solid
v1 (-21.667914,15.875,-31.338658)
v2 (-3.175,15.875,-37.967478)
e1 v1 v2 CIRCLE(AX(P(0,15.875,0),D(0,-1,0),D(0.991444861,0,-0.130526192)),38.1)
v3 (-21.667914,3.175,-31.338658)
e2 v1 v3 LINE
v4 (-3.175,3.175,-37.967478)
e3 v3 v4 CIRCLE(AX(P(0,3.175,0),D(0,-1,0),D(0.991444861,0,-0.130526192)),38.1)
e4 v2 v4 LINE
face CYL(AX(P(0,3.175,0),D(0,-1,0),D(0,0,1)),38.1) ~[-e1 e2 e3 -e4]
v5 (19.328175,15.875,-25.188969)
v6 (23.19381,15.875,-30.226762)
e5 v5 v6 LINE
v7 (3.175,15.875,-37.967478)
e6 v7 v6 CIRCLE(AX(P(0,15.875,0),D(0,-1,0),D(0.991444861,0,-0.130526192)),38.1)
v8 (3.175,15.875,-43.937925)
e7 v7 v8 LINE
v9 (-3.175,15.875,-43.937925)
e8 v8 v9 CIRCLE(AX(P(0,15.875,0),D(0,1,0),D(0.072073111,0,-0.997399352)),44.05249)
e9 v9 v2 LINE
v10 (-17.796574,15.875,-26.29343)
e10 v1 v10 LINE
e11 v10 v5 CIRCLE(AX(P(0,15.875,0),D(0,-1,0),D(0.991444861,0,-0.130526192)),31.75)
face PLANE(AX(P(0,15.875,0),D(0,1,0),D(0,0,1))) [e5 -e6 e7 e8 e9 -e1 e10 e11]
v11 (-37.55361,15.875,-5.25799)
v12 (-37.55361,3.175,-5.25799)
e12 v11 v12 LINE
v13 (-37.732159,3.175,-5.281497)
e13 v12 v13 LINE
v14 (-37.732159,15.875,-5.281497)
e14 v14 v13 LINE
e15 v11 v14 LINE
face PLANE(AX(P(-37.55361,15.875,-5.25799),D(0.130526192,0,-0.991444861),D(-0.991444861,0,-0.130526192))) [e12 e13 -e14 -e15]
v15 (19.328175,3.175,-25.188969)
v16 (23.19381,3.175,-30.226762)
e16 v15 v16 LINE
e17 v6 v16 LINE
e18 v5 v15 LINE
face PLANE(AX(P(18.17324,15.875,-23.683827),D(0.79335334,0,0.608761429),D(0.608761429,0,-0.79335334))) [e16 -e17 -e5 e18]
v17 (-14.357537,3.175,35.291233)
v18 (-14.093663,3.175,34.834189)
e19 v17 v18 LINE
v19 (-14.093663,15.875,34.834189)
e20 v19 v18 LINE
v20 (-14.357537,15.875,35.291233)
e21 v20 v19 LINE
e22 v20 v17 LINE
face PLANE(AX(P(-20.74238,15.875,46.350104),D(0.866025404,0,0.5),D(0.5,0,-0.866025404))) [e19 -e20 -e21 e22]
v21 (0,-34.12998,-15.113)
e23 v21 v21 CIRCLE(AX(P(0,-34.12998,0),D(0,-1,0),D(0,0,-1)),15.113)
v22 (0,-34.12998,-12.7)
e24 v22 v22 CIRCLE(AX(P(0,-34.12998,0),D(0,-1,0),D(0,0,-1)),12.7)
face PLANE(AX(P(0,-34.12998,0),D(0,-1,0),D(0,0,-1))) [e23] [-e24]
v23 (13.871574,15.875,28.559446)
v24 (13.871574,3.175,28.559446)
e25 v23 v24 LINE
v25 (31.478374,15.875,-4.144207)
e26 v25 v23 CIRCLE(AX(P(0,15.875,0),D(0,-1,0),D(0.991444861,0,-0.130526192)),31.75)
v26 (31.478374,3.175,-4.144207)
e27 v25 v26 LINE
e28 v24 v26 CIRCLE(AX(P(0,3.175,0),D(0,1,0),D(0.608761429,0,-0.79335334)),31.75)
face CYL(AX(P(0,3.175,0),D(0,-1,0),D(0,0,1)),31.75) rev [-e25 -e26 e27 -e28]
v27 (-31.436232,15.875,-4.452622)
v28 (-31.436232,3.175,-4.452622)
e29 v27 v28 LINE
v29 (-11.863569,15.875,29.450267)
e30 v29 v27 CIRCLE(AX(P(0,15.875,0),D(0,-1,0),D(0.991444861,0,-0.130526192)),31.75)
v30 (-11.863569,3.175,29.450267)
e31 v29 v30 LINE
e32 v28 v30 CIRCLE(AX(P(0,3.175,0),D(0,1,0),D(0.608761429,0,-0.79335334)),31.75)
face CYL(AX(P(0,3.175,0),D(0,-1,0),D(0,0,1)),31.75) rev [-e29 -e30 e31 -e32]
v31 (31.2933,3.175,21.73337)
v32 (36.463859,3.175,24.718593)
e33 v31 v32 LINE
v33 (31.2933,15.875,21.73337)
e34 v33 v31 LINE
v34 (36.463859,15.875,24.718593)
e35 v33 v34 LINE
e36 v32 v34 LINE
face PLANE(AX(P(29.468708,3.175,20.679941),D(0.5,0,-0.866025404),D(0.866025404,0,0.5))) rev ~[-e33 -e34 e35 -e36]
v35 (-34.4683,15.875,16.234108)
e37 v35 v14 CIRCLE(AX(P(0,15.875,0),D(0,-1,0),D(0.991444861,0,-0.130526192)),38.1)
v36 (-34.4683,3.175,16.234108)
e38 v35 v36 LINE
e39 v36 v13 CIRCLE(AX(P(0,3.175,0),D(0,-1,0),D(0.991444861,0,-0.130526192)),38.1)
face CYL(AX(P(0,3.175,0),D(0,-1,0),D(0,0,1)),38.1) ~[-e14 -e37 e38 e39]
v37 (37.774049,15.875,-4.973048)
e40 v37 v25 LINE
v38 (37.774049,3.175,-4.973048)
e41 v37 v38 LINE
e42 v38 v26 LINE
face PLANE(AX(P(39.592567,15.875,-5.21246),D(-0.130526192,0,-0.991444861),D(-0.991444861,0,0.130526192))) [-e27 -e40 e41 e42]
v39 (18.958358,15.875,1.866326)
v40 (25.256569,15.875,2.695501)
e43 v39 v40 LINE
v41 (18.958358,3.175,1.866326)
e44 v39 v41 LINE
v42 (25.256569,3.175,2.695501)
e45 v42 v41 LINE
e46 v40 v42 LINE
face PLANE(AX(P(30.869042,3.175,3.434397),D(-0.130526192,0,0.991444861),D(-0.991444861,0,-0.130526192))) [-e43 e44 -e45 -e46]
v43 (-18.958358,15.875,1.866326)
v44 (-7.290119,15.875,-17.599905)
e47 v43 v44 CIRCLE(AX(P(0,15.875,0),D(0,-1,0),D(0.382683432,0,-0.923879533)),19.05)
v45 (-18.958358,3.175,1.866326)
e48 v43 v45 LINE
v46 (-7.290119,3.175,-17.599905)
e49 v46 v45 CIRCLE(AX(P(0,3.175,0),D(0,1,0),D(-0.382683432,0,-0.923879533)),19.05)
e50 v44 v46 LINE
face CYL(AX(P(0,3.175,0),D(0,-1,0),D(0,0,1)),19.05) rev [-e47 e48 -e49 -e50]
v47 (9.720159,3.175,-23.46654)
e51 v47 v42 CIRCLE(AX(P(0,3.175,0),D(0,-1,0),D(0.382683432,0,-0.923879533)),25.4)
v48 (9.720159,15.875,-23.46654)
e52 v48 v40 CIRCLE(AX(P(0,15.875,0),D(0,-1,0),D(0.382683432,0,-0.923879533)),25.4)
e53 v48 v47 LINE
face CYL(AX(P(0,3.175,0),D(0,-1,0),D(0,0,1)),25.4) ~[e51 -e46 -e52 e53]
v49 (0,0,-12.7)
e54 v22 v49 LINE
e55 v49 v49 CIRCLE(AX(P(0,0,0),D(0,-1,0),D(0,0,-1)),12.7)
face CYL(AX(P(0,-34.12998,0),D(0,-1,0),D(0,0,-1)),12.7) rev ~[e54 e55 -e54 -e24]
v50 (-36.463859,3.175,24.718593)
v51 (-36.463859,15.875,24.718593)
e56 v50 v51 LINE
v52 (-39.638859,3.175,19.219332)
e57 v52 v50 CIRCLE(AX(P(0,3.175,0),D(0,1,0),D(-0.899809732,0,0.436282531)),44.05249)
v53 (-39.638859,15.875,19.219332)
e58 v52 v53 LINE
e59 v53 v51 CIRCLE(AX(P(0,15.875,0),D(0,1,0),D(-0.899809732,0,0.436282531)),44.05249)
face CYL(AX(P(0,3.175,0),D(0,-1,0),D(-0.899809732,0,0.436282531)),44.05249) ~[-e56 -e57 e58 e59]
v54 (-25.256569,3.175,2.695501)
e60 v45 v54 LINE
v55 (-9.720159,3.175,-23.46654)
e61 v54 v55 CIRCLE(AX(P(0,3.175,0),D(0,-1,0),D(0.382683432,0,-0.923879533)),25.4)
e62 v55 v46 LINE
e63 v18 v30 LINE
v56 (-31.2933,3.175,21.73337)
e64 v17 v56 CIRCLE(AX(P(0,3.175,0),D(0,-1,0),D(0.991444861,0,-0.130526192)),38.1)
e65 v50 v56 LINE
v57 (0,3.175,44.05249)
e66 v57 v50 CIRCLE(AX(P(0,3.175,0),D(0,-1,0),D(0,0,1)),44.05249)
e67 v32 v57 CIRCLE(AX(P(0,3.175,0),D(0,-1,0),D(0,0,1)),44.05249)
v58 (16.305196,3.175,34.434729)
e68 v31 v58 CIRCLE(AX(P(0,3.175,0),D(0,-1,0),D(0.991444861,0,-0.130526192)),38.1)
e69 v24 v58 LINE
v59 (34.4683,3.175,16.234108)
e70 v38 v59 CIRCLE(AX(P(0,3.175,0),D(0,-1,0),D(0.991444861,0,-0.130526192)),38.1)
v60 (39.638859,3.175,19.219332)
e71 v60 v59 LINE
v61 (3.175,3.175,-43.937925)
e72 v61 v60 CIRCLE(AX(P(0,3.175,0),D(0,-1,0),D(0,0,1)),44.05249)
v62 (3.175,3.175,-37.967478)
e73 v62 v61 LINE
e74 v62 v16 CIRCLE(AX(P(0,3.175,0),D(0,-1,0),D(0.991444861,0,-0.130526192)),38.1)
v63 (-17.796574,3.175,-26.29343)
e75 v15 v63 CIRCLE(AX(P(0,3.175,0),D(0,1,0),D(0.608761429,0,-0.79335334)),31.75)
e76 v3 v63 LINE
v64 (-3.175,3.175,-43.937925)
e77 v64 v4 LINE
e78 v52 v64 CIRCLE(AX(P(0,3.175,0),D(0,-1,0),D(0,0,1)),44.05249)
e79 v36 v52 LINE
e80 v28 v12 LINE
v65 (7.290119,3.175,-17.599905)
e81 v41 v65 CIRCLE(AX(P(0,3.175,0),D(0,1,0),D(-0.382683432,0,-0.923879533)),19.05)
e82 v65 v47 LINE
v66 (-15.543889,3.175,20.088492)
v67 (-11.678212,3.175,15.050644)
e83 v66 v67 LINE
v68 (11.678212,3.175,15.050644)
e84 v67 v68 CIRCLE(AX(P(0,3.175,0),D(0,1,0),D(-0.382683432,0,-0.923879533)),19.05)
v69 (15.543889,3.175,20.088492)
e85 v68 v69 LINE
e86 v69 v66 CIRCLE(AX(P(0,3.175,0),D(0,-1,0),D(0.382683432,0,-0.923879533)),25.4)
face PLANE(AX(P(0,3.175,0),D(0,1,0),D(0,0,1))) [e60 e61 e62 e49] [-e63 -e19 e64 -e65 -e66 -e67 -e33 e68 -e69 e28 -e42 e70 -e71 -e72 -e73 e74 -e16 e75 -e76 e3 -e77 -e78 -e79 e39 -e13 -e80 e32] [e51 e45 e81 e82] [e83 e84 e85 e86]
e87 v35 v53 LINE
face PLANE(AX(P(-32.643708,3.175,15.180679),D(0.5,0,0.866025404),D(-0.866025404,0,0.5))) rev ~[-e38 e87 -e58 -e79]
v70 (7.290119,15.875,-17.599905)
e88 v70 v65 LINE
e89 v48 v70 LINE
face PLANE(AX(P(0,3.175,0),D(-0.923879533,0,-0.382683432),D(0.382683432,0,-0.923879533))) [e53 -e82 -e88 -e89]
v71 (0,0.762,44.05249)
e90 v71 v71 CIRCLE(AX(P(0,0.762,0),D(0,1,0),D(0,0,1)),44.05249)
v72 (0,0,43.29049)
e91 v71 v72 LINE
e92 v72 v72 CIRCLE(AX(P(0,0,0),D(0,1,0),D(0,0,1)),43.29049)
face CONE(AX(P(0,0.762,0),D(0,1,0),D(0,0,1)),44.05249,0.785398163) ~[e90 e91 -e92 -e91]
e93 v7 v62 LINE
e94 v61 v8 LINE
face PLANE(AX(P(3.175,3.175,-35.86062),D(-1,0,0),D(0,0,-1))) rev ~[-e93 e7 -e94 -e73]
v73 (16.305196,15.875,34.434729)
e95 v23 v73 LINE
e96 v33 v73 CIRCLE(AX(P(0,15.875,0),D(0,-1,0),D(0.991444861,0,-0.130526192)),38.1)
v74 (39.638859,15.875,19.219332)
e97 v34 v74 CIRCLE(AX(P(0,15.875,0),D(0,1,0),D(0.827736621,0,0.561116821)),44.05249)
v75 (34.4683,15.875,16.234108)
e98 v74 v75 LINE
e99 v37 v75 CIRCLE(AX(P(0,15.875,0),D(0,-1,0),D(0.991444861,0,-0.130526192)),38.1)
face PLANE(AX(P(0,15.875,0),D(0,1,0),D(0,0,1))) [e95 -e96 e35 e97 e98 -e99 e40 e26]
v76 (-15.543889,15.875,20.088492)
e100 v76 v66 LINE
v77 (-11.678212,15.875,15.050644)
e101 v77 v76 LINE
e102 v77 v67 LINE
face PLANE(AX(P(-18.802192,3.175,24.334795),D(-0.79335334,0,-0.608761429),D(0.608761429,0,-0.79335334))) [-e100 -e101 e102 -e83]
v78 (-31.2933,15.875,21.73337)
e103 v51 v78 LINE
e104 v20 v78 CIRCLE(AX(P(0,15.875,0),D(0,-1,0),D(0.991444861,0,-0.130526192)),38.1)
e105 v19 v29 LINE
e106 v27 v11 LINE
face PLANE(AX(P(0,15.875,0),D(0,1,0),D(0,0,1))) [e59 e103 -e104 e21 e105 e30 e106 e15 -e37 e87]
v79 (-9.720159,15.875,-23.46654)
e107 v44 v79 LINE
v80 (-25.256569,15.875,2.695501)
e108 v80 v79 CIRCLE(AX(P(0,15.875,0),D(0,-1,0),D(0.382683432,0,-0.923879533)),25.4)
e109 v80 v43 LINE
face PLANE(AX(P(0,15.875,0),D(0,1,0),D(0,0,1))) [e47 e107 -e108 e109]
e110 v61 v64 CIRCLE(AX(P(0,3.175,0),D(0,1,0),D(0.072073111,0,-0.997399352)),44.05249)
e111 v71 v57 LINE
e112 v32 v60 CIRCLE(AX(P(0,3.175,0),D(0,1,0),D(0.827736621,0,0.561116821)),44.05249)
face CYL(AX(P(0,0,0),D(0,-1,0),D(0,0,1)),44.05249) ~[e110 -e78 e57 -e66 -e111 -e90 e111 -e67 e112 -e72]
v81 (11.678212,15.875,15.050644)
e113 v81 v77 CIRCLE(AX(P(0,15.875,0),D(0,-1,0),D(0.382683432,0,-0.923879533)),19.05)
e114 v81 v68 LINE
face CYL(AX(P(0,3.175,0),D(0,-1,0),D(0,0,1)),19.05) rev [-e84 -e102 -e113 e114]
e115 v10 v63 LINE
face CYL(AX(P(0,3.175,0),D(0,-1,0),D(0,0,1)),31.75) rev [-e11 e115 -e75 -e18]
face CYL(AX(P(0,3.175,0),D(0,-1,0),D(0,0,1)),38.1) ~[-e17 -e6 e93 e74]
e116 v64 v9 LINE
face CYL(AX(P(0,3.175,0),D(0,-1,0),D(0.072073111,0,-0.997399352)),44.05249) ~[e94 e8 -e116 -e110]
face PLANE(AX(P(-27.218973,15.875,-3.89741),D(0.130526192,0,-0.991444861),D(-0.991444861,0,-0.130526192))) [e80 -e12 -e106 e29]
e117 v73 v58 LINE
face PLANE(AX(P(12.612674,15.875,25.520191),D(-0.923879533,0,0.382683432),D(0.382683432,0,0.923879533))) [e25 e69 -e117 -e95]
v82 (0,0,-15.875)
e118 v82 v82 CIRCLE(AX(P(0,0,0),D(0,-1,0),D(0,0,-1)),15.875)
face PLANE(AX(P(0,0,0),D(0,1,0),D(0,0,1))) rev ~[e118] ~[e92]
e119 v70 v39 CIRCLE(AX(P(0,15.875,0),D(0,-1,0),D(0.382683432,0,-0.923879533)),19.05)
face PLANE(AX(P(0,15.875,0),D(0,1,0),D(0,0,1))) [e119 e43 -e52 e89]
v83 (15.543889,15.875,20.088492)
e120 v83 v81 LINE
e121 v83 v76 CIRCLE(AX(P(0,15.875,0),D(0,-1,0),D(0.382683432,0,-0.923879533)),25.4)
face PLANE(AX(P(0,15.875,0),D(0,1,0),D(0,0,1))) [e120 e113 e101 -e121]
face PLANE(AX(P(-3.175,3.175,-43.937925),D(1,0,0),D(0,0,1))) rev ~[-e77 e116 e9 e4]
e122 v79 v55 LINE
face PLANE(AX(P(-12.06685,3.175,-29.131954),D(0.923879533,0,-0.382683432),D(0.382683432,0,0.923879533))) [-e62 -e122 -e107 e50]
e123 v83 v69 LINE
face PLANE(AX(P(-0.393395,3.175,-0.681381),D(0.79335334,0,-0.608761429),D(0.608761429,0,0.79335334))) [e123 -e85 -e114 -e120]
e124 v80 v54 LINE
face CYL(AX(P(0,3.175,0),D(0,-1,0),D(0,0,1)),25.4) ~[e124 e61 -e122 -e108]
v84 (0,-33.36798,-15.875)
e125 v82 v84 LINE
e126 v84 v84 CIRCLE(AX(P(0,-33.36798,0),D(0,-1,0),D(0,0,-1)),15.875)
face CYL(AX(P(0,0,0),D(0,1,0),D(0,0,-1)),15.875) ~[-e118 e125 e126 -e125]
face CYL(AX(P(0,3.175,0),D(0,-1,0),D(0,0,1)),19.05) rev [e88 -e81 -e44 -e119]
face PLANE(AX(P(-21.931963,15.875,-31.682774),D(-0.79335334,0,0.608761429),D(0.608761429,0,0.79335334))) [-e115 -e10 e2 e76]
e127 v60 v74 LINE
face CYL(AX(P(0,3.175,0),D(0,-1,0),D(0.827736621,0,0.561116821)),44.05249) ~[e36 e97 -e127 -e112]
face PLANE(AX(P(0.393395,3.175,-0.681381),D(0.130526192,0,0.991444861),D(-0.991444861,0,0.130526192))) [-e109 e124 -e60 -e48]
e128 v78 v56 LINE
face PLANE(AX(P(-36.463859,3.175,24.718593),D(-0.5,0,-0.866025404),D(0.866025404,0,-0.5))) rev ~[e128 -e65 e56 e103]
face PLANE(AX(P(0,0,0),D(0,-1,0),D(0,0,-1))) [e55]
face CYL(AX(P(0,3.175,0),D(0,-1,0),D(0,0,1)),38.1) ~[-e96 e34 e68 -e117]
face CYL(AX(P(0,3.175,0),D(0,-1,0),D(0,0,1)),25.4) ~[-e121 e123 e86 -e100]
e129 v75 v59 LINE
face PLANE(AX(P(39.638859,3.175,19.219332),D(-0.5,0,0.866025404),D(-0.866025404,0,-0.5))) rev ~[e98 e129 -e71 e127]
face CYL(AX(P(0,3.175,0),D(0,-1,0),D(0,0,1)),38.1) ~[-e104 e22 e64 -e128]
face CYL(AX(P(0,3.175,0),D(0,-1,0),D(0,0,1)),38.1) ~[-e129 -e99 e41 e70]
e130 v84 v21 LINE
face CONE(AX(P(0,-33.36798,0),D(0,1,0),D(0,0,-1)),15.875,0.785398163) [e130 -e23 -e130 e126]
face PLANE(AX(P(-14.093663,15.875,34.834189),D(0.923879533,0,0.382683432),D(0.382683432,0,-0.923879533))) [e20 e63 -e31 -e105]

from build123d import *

# Parameters (mm, degrees)
SKETCH1_R           = 44.05249
BOSS_EXTRUDE1_DEPTH = 3.175
SKETCH2_R           = 15.875
BOSS_EXTRUDE2_DEPTH = 34.12998
SKETCH3_R           = 25.4
SKETCH3_R_2         = 19.05
BOSS_EXTRUDE3_DEPTH = 12.7
CUT_EXTRUDE2_DEPTH  = 73.614773175
CIRPATTERN1_COUNT   = 3
SKETCH5_R           = 38.1
SKETCH5_R_2         = 31.75
BOSS_EXTRUDE5_DEPTH = 12.7
CUT_EXTRUDE4_DEPTH  = 12.7
CIRPATTERN3_COUNT   = 3
BOSS_EXTRUDE6_DEPTH = 12.7
CIRPATTERN4_COUNT   = 3
SKETCH8_R           = 12.7
CUT_EXTRUDE5_DEPTH  = 34.12998
CHAMFER1_SIZE       = 0.762


with BuildPart() as part:
    # Sketch1 → Boss-Extrude1 (new body)
    with BuildSketch(Plane(origin=(0, 0, 0), x_dir=(1, 0, 0), z_dir=(0, 1, 0))):
        with Locations(Location((0, 0, 0), (0, 0, 270))):
            Circle(SKETCH1_R)
    extrude(amount=BOSS_EXTRUDE1_DEPTH)

    # Sketch2 → Boss-Extrude2 (add)
    with BuildSketch(Plane.XZ):
        with Locations(Location((0, 0, 0), (0, 0, 270))):
            Circle(SKETCH2_R)
    extrude(amount=BOSS_EXTRUDE2_DEPTH)

    # Sketch3 → Boss-Extrude3 (add)
    with BuildSketch(Plane(origin=(0, 3.175, 0), x_dir=(1, 0, 0), z_dir=(0, 1, 0))):
        with Locations(Location((0, 0, 0), (0, 0, 270))):
            Circle(SKETCH3_R)
        with Locations(Location((0, 0, 0), (0, 0, 270))):
            Circle(SKETCH3_R_2, mode=Mode.SUBTRACT)
    extrude(amount=BOSS_EXTRUDE3_DEPTH)

    # Sketch4 → Cut-Extrude2 (cut, through all)
    with BuildSketch(Plane(origin=(0, 3.175, 0), x_dir=(1, 0, 0), z_dir=(0, 1, 0))):
        Polygon((0, 0), (11.462134213, 27.672039871), (-12.066850466, 29.13195405), align=None)
    cut_extrude2 = extrude(amount=CUT_EXTRUDE2_DEPTH, mode=Mode.SUBTRACT)

    # CirPattern1: Cut-Extrude2 ×3 about axis
    cirpattern1_axis = Axis((0, 0, -0.454253878), (0, 1, 0))
    for i in range(1, CIRPATTERN1_COUNT):
        add(cut_extrude2.rotate(cirpattern1_axis, i * 360 / CIRPATTERN1_COUNT), mode=Mode.SUBTRACT)

    # Sketch5 → Boss-Extrude5 (add)
    with BuildSketch(Plane(origin=(0, 3.175, 0), x_dir=(1, 0, 0), z_dir=(0, 1, 0))):
        with Locations(Location((0, 0, 0), (0, 0, 270))):
            Circle(SKETCH5_R)
        with Locations(Location((0, 0, 0), (0, 0, 270))):
            Circle(SKETCH5_R_2, mode=Mode.SUBTRACT)
    extrude(amount=BOSS_EXTRUDE5_DEPTH)

    # Sketch6 → Cut-Extrude4 (cut)
    with BuildSketch(Plane(origin=(0, 15.875, 0), x_dir=(1, 0, 0), z_dir=(0, 1, 0))):
        Polygon((24.518856113, 31.953595399), (30.847960217, 40.201844455), (52.890000535, 5.212460302), (39.592566776, 5.212460302), (30.847960217, 4.061211008), (18.173239697, 23.68382708), align=None)
    cut_extrude4 = extrude(amount=-CUT_EXTRUDE4_DEPTH, mode=Mode.SUBTRACT)

    # CirPattern3: Cut-Extrude4 ×3 about axis
    cirpattern3_axis = Axis((1.188980204, 0, -0.687015275), (0, 1, 0))
    for i in range(1, CIRPATTERN3_COUNT):
        add(cut_extrude4.rotate(cirpattern3_axis, i * 360 / CIRPATTERN3_COUNT), mode=Mode.SUBTRACT)

    # Sketch7 → Boss-Extrude6 (add)
    with BuildSketch(Plane(origin=(0, 3.175, 0), x_dir=(1, 0, 0), z_dir=(0, 1, 0))):
        with BuildLine():
            Line((3.175, 35.86061982), (3.175, 43.937924965))
            ThreePointArc((3.175, 43.937924965), (0, 44.05249), (-3.175, 43.937924965))
            Line((-3.175, 43.937924965), (-3.175, 35.86061982))
            ThreePointArc((-3.175, 35.86061982), (0, 36.000898307), (3.175, 35.86061982))
        make_face()
    boss_extrude6 = extrude(amount=BOSS_EXTRUDE6_DEPTH)

    # CirPattern4: Boss-Extrude6 ×3 about axis
    cirpattern4_axis = Axis((0, 0, 0), (0, 1, 0))
    for i in range(1, CIRPATTERN4_COUNT):
        add(boss_extrude6.rotate(cirpattern4_axis, i * 360 / CIRPATTERN4_COUNT))

    # Sketch8 → Cut-Extrude5 (cut)
    with BuildSketch(Plane.XZ.offset(34.12998)):
        with Locations(Location((0, 0, 0), (0, 0, 270))):
            Circle(SKETCH8_R)
    extrude(amount=-CUT_EXTRUDE5_DEPTH, mode=Mode.SUBTRACT)

    # Chamfer1
    chamfer1_edges = [part.edges().sort_by_distance(p)[0] for p in [
        (0, 0, -44.05249),
        (0, -34.12998, 15.875),
    ]]
    chamfer(chamfer1_edges, length=CHAMFER1_SIZE)


solid = part.part
